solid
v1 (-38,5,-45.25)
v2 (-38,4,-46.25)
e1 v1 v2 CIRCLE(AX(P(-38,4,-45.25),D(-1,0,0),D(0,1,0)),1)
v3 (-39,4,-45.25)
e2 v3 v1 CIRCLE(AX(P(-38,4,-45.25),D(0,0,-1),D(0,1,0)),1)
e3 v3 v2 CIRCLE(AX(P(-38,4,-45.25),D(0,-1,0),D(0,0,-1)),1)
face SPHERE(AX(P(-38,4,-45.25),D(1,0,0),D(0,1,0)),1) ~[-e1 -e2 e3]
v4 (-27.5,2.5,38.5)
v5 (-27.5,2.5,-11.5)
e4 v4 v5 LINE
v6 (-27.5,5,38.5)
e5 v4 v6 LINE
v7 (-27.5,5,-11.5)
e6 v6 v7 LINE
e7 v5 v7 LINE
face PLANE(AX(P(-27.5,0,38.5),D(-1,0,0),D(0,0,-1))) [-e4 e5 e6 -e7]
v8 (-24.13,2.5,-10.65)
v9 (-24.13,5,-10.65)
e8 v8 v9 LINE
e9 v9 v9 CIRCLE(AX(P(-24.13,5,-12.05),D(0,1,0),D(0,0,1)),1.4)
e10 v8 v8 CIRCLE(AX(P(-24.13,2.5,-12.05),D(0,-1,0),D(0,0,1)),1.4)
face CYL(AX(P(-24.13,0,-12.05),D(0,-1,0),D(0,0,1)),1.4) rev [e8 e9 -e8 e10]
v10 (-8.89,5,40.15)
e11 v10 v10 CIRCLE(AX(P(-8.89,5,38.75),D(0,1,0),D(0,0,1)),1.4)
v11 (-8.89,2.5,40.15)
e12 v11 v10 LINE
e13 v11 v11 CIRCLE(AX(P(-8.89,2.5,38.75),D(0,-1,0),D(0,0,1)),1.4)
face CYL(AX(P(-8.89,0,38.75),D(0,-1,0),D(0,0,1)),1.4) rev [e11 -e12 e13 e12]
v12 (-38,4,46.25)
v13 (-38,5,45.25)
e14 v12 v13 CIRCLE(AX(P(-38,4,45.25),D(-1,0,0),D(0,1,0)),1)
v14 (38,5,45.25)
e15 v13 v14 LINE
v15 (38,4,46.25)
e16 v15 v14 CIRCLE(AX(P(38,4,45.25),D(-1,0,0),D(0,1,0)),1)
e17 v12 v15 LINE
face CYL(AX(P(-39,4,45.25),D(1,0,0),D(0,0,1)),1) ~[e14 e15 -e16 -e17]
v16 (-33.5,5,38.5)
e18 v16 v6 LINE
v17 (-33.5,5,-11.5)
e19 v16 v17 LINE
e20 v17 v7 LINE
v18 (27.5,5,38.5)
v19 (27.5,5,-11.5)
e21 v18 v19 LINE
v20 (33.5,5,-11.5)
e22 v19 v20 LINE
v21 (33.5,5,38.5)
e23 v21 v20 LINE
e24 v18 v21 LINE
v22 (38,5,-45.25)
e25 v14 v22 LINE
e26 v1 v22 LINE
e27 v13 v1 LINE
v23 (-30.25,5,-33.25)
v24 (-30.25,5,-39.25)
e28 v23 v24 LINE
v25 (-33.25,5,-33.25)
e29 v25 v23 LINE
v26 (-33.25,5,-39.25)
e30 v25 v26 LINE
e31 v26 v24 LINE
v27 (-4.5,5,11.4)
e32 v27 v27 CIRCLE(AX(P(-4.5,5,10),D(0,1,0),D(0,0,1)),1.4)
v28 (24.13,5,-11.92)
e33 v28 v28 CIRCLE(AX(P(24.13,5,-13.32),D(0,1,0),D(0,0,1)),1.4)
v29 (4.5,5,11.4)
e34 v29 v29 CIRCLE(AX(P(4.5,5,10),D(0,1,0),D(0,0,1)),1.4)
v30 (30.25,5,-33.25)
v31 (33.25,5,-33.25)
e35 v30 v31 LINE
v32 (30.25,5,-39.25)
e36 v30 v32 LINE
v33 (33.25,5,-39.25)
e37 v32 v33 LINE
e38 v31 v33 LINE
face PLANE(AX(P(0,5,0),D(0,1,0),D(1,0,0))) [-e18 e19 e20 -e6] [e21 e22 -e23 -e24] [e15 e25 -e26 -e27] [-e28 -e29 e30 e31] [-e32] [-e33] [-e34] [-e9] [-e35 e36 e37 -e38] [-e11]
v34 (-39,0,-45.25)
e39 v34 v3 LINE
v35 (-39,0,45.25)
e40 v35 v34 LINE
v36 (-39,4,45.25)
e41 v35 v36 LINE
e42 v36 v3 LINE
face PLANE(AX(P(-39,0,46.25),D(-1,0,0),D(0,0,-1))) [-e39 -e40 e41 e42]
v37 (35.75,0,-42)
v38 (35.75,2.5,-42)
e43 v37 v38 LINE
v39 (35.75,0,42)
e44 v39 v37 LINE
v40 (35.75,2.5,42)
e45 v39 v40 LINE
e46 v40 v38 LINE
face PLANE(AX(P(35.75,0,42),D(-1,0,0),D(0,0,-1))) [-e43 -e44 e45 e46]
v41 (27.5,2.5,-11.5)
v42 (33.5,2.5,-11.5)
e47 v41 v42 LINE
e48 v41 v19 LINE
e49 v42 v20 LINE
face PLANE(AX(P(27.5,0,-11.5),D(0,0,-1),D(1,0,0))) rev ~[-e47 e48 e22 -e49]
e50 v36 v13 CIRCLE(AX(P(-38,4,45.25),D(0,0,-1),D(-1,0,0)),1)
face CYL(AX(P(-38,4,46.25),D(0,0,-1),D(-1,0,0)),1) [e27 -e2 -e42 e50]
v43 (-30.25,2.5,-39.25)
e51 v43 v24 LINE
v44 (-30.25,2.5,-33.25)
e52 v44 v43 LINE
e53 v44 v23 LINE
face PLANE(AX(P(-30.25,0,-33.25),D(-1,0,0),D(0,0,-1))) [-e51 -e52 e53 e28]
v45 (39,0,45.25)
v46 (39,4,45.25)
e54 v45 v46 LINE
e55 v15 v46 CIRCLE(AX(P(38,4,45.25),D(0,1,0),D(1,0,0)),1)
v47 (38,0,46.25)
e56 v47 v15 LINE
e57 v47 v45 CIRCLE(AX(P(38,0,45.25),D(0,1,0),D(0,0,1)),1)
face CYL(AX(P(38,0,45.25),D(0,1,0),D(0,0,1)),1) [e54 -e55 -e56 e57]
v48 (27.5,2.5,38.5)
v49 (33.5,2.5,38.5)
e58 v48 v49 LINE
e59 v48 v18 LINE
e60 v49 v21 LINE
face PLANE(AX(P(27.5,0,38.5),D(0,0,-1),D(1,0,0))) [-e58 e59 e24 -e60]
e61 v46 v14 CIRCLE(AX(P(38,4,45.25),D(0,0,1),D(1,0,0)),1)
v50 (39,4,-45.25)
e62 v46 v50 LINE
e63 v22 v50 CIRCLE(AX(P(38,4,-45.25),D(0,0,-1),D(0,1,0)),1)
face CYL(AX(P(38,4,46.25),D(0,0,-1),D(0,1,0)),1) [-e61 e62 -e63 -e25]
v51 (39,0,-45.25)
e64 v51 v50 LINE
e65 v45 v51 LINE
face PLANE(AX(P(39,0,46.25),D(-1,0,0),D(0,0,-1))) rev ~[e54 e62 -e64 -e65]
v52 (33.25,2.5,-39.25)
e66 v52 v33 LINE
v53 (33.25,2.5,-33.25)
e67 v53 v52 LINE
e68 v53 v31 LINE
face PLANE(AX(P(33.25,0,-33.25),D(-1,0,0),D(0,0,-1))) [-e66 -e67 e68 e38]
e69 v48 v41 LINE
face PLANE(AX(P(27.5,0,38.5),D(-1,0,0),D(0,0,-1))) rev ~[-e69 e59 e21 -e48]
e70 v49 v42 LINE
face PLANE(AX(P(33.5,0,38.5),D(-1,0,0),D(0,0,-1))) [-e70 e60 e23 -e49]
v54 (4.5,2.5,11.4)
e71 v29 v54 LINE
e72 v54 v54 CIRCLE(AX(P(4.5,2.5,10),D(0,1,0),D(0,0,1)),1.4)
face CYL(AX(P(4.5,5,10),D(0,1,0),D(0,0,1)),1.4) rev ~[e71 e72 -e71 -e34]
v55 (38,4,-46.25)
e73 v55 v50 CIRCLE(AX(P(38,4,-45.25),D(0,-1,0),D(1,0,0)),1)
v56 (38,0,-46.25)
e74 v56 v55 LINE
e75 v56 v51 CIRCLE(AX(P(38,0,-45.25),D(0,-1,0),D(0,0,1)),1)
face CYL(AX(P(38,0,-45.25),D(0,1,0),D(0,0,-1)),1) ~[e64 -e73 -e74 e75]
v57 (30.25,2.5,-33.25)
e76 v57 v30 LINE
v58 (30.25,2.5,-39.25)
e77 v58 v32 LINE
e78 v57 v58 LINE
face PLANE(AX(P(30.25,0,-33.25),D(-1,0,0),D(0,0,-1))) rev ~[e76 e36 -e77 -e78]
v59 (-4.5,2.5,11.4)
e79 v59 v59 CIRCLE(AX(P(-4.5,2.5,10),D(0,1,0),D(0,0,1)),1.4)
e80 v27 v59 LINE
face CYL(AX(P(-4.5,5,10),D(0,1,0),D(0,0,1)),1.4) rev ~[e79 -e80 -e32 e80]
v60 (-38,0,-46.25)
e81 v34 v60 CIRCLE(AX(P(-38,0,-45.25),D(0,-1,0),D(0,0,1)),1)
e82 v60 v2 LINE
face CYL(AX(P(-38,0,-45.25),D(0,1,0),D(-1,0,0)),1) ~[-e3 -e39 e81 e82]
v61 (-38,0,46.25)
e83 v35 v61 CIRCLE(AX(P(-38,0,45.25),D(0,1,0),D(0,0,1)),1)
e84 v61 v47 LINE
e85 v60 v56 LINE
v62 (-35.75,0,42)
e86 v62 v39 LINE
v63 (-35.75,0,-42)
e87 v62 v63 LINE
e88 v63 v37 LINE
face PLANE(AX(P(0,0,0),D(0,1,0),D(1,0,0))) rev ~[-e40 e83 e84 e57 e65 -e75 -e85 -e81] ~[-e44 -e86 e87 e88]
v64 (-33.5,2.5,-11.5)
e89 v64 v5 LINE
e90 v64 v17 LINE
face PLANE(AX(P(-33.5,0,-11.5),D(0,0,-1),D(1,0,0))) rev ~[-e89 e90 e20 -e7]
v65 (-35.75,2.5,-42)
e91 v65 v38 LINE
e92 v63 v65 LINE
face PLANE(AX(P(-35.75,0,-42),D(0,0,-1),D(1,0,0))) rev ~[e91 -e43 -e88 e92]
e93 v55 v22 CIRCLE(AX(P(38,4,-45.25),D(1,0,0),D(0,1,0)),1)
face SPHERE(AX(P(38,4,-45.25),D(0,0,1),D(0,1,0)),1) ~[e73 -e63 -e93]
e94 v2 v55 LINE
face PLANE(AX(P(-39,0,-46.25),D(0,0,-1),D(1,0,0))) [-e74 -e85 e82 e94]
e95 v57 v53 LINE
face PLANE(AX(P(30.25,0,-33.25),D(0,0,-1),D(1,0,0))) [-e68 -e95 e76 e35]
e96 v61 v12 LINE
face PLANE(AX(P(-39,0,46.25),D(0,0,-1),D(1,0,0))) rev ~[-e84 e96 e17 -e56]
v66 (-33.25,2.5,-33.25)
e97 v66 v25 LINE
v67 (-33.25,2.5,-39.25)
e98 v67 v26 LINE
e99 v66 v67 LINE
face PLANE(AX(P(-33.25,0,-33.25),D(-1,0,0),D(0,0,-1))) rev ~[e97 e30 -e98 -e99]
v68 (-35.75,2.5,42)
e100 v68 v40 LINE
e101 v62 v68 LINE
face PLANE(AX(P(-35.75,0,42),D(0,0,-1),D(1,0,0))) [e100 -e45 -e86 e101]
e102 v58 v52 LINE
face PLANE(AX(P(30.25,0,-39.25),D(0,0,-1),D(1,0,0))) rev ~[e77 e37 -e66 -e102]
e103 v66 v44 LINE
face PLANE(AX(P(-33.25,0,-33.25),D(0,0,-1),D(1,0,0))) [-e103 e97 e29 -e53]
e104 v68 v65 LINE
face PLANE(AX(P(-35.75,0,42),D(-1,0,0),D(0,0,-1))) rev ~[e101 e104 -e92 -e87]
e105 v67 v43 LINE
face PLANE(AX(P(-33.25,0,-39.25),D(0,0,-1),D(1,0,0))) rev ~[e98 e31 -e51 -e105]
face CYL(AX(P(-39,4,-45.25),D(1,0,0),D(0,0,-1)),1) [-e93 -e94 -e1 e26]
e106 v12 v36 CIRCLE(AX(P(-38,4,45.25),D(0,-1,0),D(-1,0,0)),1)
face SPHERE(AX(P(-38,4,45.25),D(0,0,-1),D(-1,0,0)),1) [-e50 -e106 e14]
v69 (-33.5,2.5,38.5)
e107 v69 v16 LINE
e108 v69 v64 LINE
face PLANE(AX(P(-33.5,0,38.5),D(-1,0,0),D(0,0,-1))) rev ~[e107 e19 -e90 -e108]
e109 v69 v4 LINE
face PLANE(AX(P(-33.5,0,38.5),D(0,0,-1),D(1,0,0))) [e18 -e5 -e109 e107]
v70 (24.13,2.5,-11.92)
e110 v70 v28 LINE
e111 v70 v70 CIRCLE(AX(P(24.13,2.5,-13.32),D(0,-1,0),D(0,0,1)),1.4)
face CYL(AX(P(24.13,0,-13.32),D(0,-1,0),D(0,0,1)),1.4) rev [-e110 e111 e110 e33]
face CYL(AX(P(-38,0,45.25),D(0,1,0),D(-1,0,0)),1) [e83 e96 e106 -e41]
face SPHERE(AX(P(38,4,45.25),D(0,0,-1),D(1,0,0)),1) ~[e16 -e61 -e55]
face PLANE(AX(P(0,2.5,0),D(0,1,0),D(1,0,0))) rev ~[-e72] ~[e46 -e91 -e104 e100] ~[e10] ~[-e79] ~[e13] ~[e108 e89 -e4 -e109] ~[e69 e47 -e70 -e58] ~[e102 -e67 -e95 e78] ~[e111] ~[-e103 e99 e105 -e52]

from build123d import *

# Parameters (mm, degrees)
SKETCH1_W                         = 78
SKETCH1_H                         = 92.5
SKETCH1_R                         = 1.4
SKETCH1_W_2                       = 6
SKETCH1_H_2                       = 50
SKETCH1_W_3                       = 3
SKETCH1_H_3                       = 6
BASE_DEPTH                        = 5
SKETCH2_W                         = 71.5
SKETCH2_H                         = 84
PCB_CUTOUT_DEPTH                  = 2.5
F_1MM_EDGE_FILLETS_R              = 1
BASKET_CLAMP_MOUNTING_HOLES_REACH = 62.705
SKETCH3_R                         = 1.4


with BuildPart() as part:
    # Sketch1 → Base (new body)
    with BuildSketch(Plane(origin=(0, 0, 0), x_dir=(1, 0, 0), z_dir=(0, 1, 0))):
        Rectangle(SKETCH1_W, SKETCH1_H)
        with Locations((-24.13, 12.05)):
            Circle(SKETCH1_R, mode=Mode.SUBTRACT)
        with Locations((24.13, 13.32)):
            Circle(SKETCH1_R, mode=Mode.SUBTRACT)
        with Locations((-8.89, -38.75)):
            Circle(SKETCH1_R, mode=Mode.SUBTRACT)
        with Locations((-30.5, -13.5)):
            Rectangle(SKETCH1_W_2, SKETCH1_H_2, mode=Mode.SUBTRACT)
        with Locations((30.5, -13.5)):
            Rectangle(SKETCH1_W_2, SKETCH1_H_2, mode=Mode.SUBTRACT)
        with Locations((31.75, 36.25)):
            Rectangle(SKETCH1_W_3, SKETCH1_H_3, mode=Mode.SUBTRACT)
        with Locations((-31.75, 36.25)):
            Rectangle(SKETCH1_W_3, SKETCH1_H_3, mode=Mode.SUBTRACT)
    extrude(amount=BASE_DEPTH)

    # Sketch2 → PCB Cutout (cut)
    with BuildSketch(Plane(origin=(0, 0, 0), x_dir=(1, 0, 0), z_dir=(0, 1, 0))):
        Rectangle(SKETCH2_W, SKETCH2_H)
    extrude(amount=PCB_CUTOUT_DEPTH, mode=Mode.SUBTRACT)

    # 1mm Edge Fillets
    f_1mm_edge_fillets_edges = [part.edges().sort_by_distance(p)[0] for p in [
        (-39, 2.5, -46.25),
        (0, 5, -46.25),
        (39, 2.5, -46.25),
        (39, 5, 0),
        (39, 2.5, 46.25),
        (0, 5, 46.25),
        (-39, 5, 0),
        (-39, 2.5, 46.25),
    ]]
    fillet(f_1mm_edge_fillets_edges, radius=F_1MM_EDGE_FILLETS_R)

    # Sketch3 → Basket Clamp Mounting Holes (cut, up to next)
    with BuildSketch(Plane(origin=(0, 5, 0), x_dir=(1, 0, 0), z_dir=(0, 1, 0)), mode=Mode.PRIVATE) as basket_clamp_mounting_holes_sk1:
        with Locations((-4.5, -10)):
            Circle(SKETCH3_R)
    basket_clamp_mounting_holes_tool1 = extrude(basket_clamp_mounting_holes_sk1.sketch, amount=-BASKET_CLAMP_MOUNTING_HOLES_REACH, mode=Mode.PRIVATE) & part.part
    # Sketch3 → Basket Clamp Mounting Holes (cut, up to next)
    with BuildSketch(Plane(origin=(0, 5, 0), x_dir=(1, 0, 0), z_dir=(0, 1, 0)), mode=Mode.PRIVATE) as basket_clamp_mounting_holes_sk2:
        with Locations((4.5, -10)):
            Circle(SKETCH3_R)
    basket_clamp_mounting_holes_tool2 = extrude(basket_clamp_mounting_holes_sk2.sketch, amount=-BASKET_CLAMP_MOUNTING_HOLES_REACH, mode=Mode.PRIVATE) & part.part
    add(basket_clamp_mounting_holes_tool1.solids().sort_by_distance((-4.5, 5, 10))[0], mode=Mode.SUBTRACT)
    add(basket_clamp_mounting_holes_tool2.solids().sort_by_distance((4.5, 5, 10))[0], mode=Mode.SUBTRACT)


solid = part.part
